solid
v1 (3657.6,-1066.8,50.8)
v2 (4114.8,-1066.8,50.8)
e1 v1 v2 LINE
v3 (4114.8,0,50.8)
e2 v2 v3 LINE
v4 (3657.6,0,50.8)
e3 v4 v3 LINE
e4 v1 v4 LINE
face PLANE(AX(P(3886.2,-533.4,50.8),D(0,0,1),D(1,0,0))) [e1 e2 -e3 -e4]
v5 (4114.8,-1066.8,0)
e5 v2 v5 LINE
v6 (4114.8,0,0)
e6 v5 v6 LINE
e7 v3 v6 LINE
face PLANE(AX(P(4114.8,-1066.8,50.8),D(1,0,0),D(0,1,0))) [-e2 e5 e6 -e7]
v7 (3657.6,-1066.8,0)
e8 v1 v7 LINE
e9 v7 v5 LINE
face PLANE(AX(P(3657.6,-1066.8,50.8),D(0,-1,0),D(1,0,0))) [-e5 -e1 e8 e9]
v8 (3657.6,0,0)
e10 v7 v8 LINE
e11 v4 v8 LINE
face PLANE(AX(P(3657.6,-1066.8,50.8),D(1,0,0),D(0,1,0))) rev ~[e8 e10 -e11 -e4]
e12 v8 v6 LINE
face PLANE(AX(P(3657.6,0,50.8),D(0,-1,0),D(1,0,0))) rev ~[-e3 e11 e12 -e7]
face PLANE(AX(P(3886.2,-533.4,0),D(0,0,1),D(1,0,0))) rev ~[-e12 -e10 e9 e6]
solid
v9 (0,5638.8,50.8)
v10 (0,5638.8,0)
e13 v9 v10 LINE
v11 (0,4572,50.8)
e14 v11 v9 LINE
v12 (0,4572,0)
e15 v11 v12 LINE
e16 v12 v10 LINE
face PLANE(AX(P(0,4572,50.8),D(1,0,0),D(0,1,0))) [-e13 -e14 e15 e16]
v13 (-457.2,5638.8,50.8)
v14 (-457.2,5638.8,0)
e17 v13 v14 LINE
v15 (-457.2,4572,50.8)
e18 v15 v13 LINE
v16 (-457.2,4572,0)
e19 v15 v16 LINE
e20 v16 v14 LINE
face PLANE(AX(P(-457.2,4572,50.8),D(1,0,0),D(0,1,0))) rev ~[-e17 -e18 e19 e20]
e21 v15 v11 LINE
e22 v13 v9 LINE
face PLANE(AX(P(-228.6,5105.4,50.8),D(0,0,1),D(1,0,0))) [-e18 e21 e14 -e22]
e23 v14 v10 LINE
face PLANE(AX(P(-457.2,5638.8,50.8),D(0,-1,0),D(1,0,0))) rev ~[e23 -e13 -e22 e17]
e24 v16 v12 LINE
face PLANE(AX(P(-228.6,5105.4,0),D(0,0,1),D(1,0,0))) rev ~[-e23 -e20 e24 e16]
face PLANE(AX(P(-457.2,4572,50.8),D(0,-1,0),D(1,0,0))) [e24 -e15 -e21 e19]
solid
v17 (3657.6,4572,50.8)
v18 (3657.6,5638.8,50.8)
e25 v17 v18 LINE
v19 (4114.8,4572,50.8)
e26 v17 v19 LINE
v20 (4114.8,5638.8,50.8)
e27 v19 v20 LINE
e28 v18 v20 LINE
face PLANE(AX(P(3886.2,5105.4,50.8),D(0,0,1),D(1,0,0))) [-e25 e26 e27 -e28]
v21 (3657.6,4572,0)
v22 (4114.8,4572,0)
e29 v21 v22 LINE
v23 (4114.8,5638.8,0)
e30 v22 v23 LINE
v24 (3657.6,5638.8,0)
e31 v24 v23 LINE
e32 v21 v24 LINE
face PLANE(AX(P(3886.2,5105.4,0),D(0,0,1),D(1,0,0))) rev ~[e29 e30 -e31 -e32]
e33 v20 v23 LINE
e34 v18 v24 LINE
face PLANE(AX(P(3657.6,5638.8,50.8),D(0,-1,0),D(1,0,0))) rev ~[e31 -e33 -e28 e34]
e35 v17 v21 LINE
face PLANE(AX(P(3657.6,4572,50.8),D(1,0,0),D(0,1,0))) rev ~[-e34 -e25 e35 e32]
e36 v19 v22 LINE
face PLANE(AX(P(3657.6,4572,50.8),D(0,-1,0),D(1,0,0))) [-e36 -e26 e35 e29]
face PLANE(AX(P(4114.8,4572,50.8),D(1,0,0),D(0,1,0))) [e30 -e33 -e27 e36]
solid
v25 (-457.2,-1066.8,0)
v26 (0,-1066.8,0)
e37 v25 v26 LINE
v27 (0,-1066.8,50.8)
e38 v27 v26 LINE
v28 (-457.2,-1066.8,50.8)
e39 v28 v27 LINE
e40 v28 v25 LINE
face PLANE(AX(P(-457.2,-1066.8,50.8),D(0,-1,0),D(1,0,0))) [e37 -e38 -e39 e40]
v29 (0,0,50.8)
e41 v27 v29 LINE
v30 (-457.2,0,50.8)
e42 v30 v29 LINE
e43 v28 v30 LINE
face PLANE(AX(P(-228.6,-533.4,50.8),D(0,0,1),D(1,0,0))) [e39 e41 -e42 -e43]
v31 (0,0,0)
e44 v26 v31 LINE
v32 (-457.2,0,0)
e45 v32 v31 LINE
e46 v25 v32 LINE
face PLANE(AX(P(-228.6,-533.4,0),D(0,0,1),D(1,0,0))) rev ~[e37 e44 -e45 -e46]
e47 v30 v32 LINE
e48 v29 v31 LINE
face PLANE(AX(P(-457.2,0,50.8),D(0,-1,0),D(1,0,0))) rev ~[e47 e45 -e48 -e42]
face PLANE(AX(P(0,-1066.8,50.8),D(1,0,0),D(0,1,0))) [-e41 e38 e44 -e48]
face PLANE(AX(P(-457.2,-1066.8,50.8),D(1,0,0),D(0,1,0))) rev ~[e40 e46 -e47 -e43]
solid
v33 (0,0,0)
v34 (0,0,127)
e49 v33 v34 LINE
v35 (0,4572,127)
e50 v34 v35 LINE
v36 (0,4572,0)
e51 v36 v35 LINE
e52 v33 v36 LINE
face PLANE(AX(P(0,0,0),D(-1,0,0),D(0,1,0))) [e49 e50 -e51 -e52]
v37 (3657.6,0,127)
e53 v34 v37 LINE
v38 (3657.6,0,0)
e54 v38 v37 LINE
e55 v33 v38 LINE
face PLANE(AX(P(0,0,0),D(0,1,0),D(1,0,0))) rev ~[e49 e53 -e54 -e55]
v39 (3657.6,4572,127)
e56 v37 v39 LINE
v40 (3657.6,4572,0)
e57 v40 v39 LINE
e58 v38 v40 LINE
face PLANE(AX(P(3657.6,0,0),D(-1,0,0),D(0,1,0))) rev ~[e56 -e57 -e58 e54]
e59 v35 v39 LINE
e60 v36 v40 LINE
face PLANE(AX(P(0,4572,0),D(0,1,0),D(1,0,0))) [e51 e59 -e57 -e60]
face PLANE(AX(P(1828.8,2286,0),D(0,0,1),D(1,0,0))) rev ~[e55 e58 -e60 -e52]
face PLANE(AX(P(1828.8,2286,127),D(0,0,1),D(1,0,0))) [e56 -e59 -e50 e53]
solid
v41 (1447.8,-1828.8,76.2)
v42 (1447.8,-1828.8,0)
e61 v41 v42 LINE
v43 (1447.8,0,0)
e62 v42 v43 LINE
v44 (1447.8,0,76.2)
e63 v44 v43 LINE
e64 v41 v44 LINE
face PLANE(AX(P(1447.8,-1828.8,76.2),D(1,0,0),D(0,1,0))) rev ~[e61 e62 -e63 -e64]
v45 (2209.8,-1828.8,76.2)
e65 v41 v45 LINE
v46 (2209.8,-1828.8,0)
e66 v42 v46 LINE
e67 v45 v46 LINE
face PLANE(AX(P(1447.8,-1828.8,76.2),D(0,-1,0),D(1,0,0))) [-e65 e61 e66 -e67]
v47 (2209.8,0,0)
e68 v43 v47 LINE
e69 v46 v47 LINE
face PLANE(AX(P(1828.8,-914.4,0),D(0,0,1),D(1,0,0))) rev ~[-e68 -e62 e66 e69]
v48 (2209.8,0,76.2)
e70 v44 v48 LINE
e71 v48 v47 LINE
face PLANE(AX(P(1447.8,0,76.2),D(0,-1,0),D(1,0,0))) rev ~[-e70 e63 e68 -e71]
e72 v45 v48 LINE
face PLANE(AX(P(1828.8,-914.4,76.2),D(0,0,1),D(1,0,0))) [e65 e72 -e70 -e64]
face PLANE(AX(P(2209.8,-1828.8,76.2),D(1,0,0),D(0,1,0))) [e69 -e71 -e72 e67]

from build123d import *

# Parameters (mm, degrees)
F0_W     = 3657.6
F0_H     = 4572
F1_DEPTH = 127
F3_START = -50.8
F2_W     = 762
F2_H     = 1828.8
F3_DEPTH = 76.2
F5_START = -76.2
F4_W     = 457.2
F4_H     = 1066.8
F5_DEPTH = 50.8
F7_START = -76.2
F6_W     = 457.2
F6_H     = 1066.8
F7_DEPTH = 50.8


with BuildPart() as f1:
    # F0 (on Top) → F1 (new body)
    with BuildSketch(Plane.XY):
        with Locations((1828.8, 2286)):
            Rectangle(F0_W, F0_H)
    extrude(amount=F1_DEPTH)


with BuildPart() as f3:
    # F2 (on face) → F3 (new body)
    with BuildSketch(Plane.XY.offset(127).offset(F3_START)):
        with Locations((1828.8, -914.4)):
            Rectangle(F2_W, F2_H)
    extrude(amount=-F3_DEPTH)


with BuildPart() as f5:
    # F4 (on face) → F5 (new body)
    with BuildSketch(Plane.XY.offset(127).offset(F5_START)):
        with Locations((-228.6, -533.4)):
            Rectangle(F4_W, F4_H)
    extrude(amount=-F5_DEPTH)


with BuildPart() as f5b:
    # F4 (on face) → F5, piece 2 (new body)
    with BuildSketch(Plane.XY.offset(127).offset(F5_START)):
        with Locations((3886.2, -533.4)):
            Rectangle(F4_W, F4_H)
    extrude(amount=-F5_DEPTH)


with BuildPart() as f7:
    # F6 (on face) → F7 (new body)
    with BuildSketch(Plane.XY.offset(127).offset(F7_START)):
        with Locations((3886.2, 5105.4)):
            Rectangle(F6_W, F6_H)
    extrude(amount=-F7_DEPTH)


with BuildPart() as f7b:
    # F6 (on face) → F7, piece 2 (new body)
    with BuildSketch(Plane.XY.offset(127).offset(F7_START)):
        with Locations((-228.6, 5105.4)):
            Rectangle(F6_W, F6_H)
    extrude(amount=-F7_DEPTH)


solid = Compound([f1.part, f3.part, f5.part, f5b.part, f7.part, f7b.part])
